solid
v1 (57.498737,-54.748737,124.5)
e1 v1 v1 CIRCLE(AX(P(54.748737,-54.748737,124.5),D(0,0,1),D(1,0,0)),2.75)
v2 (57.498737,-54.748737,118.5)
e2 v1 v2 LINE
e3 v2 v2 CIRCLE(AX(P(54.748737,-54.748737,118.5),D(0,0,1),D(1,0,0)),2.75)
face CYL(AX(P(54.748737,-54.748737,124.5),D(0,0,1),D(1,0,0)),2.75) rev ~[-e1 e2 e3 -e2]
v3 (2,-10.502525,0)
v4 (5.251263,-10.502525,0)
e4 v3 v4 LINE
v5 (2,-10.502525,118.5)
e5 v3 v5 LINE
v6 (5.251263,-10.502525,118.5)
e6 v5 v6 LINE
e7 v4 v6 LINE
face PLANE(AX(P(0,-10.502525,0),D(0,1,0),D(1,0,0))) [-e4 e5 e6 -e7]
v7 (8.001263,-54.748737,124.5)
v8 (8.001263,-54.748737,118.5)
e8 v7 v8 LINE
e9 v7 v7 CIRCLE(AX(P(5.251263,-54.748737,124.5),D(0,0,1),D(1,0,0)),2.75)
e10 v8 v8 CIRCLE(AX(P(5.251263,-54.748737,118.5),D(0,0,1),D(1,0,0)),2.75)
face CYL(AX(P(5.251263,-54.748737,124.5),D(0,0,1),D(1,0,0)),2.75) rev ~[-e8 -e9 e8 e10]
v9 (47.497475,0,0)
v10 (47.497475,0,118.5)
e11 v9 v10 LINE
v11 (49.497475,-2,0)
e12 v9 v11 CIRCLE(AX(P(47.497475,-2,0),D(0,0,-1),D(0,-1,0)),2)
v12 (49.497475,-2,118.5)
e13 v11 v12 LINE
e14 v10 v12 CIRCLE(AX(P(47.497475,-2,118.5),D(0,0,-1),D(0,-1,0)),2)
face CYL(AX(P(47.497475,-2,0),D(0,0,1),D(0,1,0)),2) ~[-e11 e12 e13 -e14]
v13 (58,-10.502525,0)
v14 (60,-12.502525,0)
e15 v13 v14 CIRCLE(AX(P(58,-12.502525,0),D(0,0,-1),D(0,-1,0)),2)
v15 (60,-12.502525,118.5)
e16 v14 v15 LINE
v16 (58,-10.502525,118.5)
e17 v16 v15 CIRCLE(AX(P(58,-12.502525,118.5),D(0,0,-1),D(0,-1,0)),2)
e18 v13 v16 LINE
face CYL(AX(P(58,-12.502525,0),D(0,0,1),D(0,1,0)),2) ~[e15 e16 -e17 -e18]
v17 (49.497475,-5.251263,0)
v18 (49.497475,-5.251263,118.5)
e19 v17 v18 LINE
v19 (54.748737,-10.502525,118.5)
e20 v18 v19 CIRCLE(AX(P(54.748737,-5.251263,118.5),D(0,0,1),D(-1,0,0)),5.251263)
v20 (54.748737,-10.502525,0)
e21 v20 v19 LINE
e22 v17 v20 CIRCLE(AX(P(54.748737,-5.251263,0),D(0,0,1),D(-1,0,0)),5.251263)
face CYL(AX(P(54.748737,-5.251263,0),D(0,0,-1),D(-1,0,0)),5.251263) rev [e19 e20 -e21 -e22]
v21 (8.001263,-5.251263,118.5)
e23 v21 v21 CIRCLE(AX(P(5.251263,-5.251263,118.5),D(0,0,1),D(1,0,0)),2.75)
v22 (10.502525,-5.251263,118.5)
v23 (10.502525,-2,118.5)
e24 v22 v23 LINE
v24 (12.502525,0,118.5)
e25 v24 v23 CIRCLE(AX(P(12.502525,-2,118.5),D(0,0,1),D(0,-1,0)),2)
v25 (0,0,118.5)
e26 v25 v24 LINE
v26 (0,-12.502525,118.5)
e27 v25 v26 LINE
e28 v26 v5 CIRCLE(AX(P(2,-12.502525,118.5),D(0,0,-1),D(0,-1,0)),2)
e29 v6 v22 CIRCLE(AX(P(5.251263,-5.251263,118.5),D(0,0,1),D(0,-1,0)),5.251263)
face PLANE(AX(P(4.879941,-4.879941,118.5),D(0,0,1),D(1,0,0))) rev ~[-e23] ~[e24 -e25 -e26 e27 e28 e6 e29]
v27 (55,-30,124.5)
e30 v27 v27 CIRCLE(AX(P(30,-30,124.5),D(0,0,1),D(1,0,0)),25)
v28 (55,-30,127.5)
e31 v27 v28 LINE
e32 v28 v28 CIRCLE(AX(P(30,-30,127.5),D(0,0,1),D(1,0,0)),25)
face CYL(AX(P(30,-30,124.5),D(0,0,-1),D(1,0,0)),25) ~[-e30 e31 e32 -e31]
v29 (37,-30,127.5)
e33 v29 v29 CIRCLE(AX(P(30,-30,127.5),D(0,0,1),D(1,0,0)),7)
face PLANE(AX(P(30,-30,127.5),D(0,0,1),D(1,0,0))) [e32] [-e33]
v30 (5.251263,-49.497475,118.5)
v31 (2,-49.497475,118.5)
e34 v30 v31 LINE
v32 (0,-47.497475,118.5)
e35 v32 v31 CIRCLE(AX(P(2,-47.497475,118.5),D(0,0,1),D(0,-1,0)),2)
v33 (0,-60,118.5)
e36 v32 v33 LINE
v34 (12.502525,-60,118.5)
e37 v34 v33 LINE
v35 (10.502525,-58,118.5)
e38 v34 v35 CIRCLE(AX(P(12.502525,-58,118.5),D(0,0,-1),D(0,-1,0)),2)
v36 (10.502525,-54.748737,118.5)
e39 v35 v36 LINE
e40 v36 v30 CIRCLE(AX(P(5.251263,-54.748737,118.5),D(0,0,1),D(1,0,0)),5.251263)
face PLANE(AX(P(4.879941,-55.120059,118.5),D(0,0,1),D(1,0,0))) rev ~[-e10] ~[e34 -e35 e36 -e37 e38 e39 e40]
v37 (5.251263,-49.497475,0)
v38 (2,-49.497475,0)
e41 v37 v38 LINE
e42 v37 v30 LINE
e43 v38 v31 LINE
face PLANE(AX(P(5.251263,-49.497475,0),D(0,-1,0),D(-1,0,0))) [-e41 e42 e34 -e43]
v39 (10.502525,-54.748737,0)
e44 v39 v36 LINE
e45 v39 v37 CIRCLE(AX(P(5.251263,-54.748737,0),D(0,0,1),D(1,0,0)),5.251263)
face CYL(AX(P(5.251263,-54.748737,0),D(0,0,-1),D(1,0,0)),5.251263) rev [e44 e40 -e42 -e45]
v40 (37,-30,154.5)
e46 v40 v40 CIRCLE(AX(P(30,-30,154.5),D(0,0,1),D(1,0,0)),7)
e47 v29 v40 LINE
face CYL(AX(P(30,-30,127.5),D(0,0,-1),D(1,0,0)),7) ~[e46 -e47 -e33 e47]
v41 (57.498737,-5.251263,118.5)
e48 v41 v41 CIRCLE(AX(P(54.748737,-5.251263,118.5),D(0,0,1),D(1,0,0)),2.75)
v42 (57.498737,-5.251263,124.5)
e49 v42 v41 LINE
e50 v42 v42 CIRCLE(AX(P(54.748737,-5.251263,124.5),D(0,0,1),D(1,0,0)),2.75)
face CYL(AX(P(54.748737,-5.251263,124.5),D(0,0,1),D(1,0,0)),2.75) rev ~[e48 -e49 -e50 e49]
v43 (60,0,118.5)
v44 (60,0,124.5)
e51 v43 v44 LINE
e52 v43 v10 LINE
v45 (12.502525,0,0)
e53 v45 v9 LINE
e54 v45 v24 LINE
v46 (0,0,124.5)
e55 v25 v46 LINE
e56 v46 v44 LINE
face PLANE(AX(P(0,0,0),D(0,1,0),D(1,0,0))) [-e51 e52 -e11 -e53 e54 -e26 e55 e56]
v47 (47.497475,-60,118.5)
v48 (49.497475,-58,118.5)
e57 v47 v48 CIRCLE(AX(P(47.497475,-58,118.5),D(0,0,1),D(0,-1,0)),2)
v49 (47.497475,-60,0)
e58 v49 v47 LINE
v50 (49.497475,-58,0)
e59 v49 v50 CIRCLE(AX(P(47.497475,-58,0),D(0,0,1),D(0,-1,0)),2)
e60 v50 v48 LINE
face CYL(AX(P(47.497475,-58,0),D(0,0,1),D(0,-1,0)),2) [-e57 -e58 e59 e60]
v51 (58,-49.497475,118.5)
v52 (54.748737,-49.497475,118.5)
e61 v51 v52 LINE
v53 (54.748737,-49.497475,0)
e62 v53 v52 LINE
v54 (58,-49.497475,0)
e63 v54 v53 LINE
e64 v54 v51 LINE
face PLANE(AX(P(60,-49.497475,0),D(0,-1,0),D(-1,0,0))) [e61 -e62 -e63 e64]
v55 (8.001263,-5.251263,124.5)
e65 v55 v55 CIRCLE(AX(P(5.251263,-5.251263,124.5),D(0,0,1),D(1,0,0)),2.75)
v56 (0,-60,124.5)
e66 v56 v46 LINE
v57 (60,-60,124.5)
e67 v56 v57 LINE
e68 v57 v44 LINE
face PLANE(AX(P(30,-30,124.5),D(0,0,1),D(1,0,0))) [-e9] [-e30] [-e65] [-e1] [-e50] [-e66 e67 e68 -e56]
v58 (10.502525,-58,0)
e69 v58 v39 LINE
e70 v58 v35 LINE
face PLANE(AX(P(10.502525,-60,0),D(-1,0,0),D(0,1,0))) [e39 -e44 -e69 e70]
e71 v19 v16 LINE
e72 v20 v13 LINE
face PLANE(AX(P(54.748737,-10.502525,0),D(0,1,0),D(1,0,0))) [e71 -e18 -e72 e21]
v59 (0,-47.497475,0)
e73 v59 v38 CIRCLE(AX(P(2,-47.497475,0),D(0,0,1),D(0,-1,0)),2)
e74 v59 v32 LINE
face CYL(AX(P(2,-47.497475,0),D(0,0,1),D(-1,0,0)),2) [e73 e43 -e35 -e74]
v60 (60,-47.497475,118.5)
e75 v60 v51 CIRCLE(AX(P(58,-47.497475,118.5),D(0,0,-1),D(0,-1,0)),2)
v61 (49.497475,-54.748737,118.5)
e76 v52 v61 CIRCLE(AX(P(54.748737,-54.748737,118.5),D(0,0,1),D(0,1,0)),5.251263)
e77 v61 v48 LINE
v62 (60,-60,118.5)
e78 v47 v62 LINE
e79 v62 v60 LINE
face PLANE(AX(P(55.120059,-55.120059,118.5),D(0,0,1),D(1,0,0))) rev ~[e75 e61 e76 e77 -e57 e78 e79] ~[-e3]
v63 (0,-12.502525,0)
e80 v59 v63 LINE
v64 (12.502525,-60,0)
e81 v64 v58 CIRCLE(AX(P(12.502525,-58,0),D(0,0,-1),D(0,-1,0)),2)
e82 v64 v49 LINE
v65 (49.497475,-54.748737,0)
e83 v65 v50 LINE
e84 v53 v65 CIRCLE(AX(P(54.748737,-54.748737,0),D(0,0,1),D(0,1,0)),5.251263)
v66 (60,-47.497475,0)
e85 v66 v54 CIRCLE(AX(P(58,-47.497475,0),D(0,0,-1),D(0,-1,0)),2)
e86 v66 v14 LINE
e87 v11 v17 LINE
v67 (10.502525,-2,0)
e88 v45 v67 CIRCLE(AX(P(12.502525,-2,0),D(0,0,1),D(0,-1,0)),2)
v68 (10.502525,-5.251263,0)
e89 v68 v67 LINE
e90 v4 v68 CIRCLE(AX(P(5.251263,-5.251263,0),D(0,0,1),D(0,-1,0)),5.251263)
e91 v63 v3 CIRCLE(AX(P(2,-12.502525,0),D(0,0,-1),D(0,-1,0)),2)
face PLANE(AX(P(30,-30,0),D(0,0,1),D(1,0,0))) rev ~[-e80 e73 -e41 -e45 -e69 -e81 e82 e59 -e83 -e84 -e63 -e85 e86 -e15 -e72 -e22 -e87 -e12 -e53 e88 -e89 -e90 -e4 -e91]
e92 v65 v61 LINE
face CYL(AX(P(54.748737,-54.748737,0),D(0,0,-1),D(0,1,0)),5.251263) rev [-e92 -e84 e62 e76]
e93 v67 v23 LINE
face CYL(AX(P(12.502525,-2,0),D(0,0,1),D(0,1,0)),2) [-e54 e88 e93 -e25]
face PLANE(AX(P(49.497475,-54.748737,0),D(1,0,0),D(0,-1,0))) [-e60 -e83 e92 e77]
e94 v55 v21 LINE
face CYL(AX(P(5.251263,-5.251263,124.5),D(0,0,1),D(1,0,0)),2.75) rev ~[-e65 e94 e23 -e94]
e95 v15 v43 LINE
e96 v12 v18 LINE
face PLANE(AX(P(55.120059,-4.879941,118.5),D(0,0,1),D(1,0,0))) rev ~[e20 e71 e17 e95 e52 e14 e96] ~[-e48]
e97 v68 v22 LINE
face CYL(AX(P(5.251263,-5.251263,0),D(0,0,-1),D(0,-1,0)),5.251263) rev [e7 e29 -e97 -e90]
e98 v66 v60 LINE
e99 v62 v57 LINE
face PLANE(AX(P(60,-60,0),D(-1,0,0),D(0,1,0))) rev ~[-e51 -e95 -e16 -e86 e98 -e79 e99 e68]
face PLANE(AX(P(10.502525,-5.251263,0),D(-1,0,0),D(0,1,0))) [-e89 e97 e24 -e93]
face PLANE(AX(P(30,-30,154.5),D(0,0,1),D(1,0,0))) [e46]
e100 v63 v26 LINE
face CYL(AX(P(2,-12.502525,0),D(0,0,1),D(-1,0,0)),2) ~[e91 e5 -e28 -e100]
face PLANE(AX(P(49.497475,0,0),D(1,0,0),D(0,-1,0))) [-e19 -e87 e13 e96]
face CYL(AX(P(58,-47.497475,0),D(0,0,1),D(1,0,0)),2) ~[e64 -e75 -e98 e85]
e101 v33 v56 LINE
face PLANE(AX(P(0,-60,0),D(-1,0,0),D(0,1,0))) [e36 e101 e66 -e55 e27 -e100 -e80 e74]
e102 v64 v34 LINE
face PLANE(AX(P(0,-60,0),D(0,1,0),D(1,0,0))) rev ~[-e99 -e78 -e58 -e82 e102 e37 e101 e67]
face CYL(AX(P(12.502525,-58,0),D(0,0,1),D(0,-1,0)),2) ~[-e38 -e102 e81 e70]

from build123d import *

# Parameters (mm, degrees)
SKETCH_1_W          = 60
SKETCH_1_H          = 60
EXTRUDE_1_DEPTH     = 124.5
SKETCH_2_R          = 25
EXTRUDE_2_DEPTH     = 3
SKETCH_3_R          = 7
EXTRUDE_3_DEPTH     = 27
SKETCH_4_R          = 2.75
CUT_EXTRUDE_1_DEPTH = 151.666021385
CUT_EXTRUDE_2_DEPTH = 118.5
FILLET_1_R          = 2


with BuildPart() as part:
    # 草图1 → 拉伸1 (new body)
    with BuildSketch(Plane.XY):
        with Locations((30, -30)):
            Rectangle(SKETCH_1_W, SKETCH_1_H)
    extrude(amount=EXTRUDE_1_DEPTH)

    # 草图2 → 拉伸2 (add)
    with BuildSketch(Plane.XY.offset(124.5)):
        with Locations((30, -30)):
            Circle(SKETCH_2_R)
    extrude(amount=EXTRUDE_2_DEPTH)

    # 草图3 → 拉伸3 (add)
    with BuildSketch(Plane.XY.offset(127.5)):
        with Locations((30, -30)):
            Circle(SKETCH_3_R)
    extrude(amount=EXTRUDE_3_DEPTH)

    # 草图4 → 切除-拉伸1 (cut, through all)
    with BuildSketch(Plane.XY.offset(124.5)):
        with Locations((54.748737342, -5.251262658)):
            Circle(SKETCH_4_R)
        with Locations((54.748737342, -54.748737342)):
            Circle(SKETCH_4_R)
        with Locations((5.251262658, -54.748737342)):
            Circle(SKETCH_4_R)
        with Locations((5.251262658, -5.251262658)):
            Circle(SKETCH_4_R)
    extrude(amount=-CUT_EXTRUDE_1_DEPTH, mode=Mode.SUBTRACT)

    # 草图5 → 切除-拉伸2 (cut)
    with BuildSketch(Plane(origin=(0, 0, 0), x_dir=(-1, 0, 0), z_dir=(0, 0, -1))):
        with BuildLine():
            Line((-10.502525317, -5.251262658), (-10.502525317, 0))
            Line((-10.502525317, 0), (0, 0))
            Line((0, 0), (0, -10.502525317))
            Line((0, -10.502525317), (-5.251262658, -10.502525317))
            ThreePointArc((-5.251262658, -10.502525317), (-8.964466094, -8.964466094), (-10.502525317, -5.251262658))
        make_face()
        with BuildLine():
            Line((-49.497474683, -54.748737342), (-49.497474683, -60))
            Line((-49.497474683, -60), (-60, -60))
            Line((-60, -60), (-60, -49.497474683))
            Line((-60, -49.497474683), (-54.748737342, -49.497474683))
            ThreePointArc((-54.748737342, -49.497474683), (-51.035533906, -51.035533906), (-49.497474683, -54.748737342))
        make_face()
        with BuildLine():
            Line((-60, 0), (-49.497474683, 0))
            Line((-49.497474683, 0), (-49.497474683, -5.251262658))
            ThreePointArc((-49.497474683, -5.251262658), (-51.035533906, -8.964466094), (-54.748737342, -10.502525317))
            Line((-54.748737342, -10.502525317), (-60, -10.502525317))
            Line((-60, -10.502525317), (-60, 0))
        make_face()
        with BuildLine():
            Line((0, -60), (-10.502525317, -60))
            Line((-10.502525317, -60), (-10.502525317, -54.748737342))
            ThreePointArc((-10.502525317, -54.748737342), (-8.964466094, -51.035533906), (-5.251262658, -49.497474683))
            Line((-5.251262658, -49.497474683), (0, -49.497474683))
            Line((0, -49.497474683), (0, -60))
        make_face()
    extrude(amount=-CUT_EXTRUDE_2_DEPTH, mode=Mode.SUBTRACT)

    # 圆角1
    fillet_1_edges = [part.edges().sort_by_distance(p)[0] for p in [
        (10.502525317, 0, 59.25),
        (0, -10.502525317, 59.25),
        (49.497474683, -60, 59.25),
        (60, -49.497474683, 59.25),
        (60, -10.502525317, 59.25),
        (49.497474683, 0, 59.25),
        (0, -49.497474683, 59.25),
        (10.502525317, -60, 59.25),
    ]]
    fillet(fillet_1_edges, radius=FILLET_1_R)


solid = part.part
